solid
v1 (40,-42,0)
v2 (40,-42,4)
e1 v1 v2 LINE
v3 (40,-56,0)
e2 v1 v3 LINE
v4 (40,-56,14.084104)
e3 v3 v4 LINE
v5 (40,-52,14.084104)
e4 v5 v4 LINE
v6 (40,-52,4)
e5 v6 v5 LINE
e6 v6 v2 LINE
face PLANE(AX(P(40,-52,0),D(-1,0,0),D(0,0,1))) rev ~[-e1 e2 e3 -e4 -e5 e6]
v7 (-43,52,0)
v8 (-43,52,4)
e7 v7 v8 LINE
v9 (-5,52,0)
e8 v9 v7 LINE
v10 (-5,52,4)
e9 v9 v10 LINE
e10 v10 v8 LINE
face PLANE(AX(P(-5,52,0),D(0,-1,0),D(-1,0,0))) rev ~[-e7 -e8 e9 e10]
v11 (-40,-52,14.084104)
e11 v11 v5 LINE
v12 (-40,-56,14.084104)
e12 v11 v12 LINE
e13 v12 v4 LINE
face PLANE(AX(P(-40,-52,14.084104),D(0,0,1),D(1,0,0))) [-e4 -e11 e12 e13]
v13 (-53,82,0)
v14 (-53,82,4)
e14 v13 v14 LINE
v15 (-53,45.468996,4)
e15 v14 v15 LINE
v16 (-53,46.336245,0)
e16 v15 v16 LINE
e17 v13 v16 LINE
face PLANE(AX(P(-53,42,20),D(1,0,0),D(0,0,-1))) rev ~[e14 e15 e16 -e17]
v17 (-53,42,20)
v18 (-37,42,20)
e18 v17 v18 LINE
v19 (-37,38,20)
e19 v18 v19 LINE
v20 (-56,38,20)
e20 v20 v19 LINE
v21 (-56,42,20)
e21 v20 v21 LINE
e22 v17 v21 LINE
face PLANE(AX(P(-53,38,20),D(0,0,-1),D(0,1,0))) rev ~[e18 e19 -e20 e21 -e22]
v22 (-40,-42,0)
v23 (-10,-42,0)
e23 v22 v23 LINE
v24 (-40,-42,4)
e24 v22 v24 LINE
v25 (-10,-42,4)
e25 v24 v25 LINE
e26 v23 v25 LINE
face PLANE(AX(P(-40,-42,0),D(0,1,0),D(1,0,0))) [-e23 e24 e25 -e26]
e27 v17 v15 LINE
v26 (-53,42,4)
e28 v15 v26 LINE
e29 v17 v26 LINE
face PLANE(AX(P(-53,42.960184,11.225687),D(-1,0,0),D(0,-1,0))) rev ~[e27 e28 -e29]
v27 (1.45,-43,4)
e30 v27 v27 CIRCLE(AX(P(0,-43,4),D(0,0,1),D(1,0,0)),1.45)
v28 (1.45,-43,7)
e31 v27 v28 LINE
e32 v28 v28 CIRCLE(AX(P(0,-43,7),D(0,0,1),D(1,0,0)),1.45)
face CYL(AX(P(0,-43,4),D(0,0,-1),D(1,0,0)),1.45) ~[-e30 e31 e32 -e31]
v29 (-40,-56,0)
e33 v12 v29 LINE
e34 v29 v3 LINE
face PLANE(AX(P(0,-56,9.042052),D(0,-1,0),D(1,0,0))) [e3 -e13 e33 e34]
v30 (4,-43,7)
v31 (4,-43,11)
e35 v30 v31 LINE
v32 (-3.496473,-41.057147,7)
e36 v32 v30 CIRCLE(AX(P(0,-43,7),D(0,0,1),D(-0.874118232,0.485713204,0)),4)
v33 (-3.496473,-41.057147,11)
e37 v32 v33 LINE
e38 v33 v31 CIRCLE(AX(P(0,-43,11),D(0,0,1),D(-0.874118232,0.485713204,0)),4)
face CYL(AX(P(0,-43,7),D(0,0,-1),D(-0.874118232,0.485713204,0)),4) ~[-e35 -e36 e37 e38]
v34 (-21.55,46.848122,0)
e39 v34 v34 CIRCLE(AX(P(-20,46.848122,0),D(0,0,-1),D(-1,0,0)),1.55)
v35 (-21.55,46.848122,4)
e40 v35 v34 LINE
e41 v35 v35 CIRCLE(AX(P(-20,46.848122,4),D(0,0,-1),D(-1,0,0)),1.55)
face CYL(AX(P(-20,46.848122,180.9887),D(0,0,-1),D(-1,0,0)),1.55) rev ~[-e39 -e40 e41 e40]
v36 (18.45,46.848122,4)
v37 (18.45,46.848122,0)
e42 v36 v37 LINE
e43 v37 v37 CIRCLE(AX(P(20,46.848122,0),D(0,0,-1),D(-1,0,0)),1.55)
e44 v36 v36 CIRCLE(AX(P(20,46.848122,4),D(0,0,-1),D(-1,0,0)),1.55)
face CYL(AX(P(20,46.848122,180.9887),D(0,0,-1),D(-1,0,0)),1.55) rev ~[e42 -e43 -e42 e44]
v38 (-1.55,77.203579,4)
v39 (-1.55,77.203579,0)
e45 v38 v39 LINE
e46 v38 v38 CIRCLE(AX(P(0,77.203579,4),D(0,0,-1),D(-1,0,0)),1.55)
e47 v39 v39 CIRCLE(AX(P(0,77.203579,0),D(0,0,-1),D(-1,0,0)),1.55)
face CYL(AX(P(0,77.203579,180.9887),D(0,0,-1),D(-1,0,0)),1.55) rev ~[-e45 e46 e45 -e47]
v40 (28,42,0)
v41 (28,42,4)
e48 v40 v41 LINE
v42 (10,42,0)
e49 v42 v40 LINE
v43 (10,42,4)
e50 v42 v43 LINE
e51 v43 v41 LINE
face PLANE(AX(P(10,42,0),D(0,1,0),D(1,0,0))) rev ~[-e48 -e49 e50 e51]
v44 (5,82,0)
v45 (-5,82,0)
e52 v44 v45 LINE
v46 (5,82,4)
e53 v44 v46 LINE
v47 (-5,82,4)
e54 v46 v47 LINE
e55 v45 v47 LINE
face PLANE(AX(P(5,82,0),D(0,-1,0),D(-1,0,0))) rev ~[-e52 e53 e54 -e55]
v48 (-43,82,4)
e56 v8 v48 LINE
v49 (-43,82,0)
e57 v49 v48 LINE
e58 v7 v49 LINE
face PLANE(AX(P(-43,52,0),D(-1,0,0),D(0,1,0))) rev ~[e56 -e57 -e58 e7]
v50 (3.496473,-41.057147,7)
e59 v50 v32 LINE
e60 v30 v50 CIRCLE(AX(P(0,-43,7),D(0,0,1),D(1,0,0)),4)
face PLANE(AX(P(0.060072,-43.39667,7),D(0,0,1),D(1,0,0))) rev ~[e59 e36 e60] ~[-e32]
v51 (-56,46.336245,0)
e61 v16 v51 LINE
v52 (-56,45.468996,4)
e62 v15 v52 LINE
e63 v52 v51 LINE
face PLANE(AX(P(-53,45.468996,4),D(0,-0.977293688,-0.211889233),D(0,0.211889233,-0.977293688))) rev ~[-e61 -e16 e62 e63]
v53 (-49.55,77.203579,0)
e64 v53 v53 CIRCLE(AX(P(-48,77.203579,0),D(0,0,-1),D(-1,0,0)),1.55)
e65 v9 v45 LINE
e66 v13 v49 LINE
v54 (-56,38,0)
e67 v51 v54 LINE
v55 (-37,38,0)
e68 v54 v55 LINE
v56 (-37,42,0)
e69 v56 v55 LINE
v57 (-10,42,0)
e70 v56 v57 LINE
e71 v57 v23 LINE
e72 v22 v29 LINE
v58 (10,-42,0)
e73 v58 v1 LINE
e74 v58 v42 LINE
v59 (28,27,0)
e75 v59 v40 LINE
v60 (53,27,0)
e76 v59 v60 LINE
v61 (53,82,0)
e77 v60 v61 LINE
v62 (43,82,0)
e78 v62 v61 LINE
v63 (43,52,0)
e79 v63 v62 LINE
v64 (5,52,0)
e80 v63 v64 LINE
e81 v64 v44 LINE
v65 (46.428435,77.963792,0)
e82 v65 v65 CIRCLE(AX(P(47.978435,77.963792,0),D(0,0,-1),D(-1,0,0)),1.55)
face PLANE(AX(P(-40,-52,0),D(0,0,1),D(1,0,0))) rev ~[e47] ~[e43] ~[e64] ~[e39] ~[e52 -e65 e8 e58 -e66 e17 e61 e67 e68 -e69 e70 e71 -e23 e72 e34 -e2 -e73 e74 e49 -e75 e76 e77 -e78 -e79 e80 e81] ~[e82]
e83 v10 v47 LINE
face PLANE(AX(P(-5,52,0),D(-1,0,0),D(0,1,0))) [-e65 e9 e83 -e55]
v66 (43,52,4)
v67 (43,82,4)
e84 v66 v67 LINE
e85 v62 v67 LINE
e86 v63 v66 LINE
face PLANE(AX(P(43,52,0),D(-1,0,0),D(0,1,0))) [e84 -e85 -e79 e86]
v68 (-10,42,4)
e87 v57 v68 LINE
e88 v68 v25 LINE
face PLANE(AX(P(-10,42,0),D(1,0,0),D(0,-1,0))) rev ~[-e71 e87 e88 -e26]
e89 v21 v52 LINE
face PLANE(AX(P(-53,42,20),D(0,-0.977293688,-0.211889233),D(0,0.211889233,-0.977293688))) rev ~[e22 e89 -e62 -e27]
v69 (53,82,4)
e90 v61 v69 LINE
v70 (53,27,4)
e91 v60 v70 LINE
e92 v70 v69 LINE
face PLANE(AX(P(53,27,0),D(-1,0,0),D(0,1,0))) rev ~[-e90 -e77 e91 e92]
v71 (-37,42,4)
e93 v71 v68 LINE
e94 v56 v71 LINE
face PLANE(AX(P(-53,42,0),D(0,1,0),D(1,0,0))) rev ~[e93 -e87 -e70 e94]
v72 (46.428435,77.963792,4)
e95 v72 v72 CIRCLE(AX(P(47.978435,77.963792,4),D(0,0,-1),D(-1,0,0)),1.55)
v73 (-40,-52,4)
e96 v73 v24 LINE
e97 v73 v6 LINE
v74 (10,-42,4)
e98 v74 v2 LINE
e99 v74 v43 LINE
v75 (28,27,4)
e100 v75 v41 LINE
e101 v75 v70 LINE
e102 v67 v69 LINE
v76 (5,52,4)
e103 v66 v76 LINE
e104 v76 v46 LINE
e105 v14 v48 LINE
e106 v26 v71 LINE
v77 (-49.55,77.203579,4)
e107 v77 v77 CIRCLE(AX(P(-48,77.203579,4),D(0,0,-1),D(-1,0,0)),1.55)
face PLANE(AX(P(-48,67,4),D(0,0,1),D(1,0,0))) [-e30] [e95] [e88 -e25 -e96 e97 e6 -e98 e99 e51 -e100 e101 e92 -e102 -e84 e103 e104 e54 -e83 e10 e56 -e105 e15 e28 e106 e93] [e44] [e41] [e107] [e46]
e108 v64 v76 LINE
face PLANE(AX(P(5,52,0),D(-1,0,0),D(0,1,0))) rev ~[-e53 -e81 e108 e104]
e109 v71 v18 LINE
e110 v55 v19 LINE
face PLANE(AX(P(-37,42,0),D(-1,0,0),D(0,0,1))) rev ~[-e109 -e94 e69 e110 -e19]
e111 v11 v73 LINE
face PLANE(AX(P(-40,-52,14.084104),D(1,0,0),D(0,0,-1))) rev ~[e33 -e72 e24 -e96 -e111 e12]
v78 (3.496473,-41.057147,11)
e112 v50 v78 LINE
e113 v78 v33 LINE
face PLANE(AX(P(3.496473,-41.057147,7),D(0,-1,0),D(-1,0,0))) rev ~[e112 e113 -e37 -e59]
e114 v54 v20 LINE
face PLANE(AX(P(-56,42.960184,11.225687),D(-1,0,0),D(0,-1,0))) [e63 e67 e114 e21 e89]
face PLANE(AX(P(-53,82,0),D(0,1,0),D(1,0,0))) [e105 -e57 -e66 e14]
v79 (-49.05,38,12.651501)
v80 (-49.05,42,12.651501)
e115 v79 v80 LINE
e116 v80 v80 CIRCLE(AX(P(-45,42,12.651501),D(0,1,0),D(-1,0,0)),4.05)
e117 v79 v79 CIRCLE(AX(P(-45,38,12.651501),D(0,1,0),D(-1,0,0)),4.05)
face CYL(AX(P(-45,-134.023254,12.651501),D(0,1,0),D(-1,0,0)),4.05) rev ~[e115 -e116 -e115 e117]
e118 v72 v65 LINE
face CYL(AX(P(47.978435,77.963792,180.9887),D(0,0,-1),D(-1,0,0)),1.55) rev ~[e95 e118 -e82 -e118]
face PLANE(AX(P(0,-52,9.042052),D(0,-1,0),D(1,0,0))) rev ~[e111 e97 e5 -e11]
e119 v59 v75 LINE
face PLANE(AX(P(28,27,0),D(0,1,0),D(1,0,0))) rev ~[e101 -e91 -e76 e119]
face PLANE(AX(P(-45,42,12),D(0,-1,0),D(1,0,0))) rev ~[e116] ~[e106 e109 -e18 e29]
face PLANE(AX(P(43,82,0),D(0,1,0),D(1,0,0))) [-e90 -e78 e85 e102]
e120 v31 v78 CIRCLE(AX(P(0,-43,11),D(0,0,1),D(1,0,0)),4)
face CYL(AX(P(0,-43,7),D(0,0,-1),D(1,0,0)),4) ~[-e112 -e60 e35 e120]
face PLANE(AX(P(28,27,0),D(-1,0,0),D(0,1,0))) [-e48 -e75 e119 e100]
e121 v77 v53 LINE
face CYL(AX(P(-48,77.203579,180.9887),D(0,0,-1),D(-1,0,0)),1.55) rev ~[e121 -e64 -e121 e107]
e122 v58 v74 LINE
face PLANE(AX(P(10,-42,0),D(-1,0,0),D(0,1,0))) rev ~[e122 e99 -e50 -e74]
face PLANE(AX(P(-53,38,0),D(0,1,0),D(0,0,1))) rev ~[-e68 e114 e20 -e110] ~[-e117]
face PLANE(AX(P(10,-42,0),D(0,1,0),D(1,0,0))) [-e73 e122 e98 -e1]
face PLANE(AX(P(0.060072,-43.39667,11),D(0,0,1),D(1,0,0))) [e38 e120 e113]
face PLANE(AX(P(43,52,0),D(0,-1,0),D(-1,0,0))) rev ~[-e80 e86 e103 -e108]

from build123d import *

# Parameters (mm, degrees)
F0_W      = 10
F0_H      = 30
F0_W_2    = 5
F0_W_3    = 30
F0_H_2    = 10
F0_W_4    = 25
F0_H_3    = 15
F1_DEPTH  = 4
F2_W      = 16
F2_H      = 16
F2_H_2    = 4
F3_DEPTH  = 4
F5_D      = 8.1
F7_DEPTH  = 3
F8_W      = 80
F8_H      = 10.0841035172
F8_H_2    = 4
F9_DEPTH  = 4
F11_D     = 3.1
F12_R     = 1.45
F13_DEPTH = 3
F14_R     = 1.45
F15_DEPTH = 4
F17_D     = 3.1


with BuildPart() as f1:
    # F0 (on Top) → F1 (new body)
    with BuildSketch(Plane.XY):
        with Locations((-48, 67)):
            Rectangle(F0_W, F0_H)
        Polygon((-10, 42), (-10, 52), (-43, 52), (-53, 52), (-53, 42), align=None)
        with Locations((-2.5, 67)):
            Rectangle(F0_W_2, F0_H)
        with Locations((2.5, 67)):
            Rectangle(F0_W_2, F0_H)
        Polygon((-5, 52), (-10, 52), (-10, 42), (-10, -42), (-10, -52), (10, -52), (10, -42), (10, 42), (10, 52), (5, 52), (0, 52), align=None)
        with Locations((-25, -47)):
            Rectangle(F0_W_3, F0_H_2)
        with Locations((25, -47)):
            Rectangle(F0_W_3, F0_H_2)
        with Locations((40.5, 34.5)):
            Rectangle(F0_W_4, F0_H_3)
        Polygon((43, 52), (10, 52), (10, 42), (28, 42), (53, 42), (53, 52), align=None)
        with Locations((48, 67)):
            Rectangle(F0_W, F0_H)
    extrude(amount=F1_DEPTH)

    # F2 (on face) → F3 (join)
    with BuildSketch(Plane.XZ.offset(-42)):
        with Locations((-45, 12)):
            Rectangle(F2_W, F2_H)
        with Locations((-45, 2)):
            Rectangle(F2_W, F2_H_2)
    extrude(amount=F3_DEPTH)

    # F5 (through all)
    with Locations(Plane.XZ.offset(-38)):
        with Locations((-45, 12.6515012234)):
            Hole(F5_D / 2)

    # F6 (on face) → F7 (join)
    with BuildSketch(Plane(origin=(-53, 0, 0), x_dir=(0, -1, 0), z_dir=(-1, 0, 0))):
        Polygon((-42, 20), (-45.4689958334, 4), (-42, 4), align=None)
        Polygon((-45.4689958334, 4), (-46.3362447917, 0), (-38, 0), (-38, 20), (-42, 20), (-42, 4), align=None)
    extrude(amount=F7_DEPTH)

    # F8 (on face) → F9 (join)
    with BuildSketch(Plane.XZ.offset(52)):
        with Locations((0, 9.0420517586)):
            Rectangle(F8_W, F8_H)
        with Locations((0, 2)):
            Rectangle(F8_W, F8_H_2)
    extrude(amount=F9_DEPTH)

    # F11 (through all)
    with Locations(Plane.XY.offset(4)):
        with Locations((-20, 46.8481220305), (20, 46.8481220305), (-48, 77.2035785913), (0, 77.2035785913), (71.8699040711, 77.2035785913)):
            Hole(F11_D / 2)

    # F12 (on face) → F13 (join)
    with BuildSketch(Plane.XY.offset(4)):
        with Locations((0, -43)):
            Circle(F12_R)
    extrude(amount=F13_DEPTH)

    # F14 (on face) → F15 (join)
    with BuildSketch(Plane.XY.offset(7)):
        with BuildLine():
            ThreePointArc((-3.4964729281, -41.0571471845), (-1.0035208736, -46.8720725531), (4, -43))
            ThreePointArc((4, -43), (3.8720725531, -41.9964791264), (3.4964729281, -41.0571471845))
            Line((3.4964729281, -41.0571471845), (-3.4964729281, -41.0571471845))
        make_face()
        with Locations((0, -43)):
            Circle(F14_R, mode=Mode.SUBTRACT)
        with Locations((0, -43)):
            Circle(F14_R)
    extrude(amount=F15_DEPTH)

    # F17 (through all)
    with Locations(Plane.XY.offset(4)):
        with Locations((47.9784347117, 77.9637917876)):
            Hole(F17_D / 2)


solid = f1.part
